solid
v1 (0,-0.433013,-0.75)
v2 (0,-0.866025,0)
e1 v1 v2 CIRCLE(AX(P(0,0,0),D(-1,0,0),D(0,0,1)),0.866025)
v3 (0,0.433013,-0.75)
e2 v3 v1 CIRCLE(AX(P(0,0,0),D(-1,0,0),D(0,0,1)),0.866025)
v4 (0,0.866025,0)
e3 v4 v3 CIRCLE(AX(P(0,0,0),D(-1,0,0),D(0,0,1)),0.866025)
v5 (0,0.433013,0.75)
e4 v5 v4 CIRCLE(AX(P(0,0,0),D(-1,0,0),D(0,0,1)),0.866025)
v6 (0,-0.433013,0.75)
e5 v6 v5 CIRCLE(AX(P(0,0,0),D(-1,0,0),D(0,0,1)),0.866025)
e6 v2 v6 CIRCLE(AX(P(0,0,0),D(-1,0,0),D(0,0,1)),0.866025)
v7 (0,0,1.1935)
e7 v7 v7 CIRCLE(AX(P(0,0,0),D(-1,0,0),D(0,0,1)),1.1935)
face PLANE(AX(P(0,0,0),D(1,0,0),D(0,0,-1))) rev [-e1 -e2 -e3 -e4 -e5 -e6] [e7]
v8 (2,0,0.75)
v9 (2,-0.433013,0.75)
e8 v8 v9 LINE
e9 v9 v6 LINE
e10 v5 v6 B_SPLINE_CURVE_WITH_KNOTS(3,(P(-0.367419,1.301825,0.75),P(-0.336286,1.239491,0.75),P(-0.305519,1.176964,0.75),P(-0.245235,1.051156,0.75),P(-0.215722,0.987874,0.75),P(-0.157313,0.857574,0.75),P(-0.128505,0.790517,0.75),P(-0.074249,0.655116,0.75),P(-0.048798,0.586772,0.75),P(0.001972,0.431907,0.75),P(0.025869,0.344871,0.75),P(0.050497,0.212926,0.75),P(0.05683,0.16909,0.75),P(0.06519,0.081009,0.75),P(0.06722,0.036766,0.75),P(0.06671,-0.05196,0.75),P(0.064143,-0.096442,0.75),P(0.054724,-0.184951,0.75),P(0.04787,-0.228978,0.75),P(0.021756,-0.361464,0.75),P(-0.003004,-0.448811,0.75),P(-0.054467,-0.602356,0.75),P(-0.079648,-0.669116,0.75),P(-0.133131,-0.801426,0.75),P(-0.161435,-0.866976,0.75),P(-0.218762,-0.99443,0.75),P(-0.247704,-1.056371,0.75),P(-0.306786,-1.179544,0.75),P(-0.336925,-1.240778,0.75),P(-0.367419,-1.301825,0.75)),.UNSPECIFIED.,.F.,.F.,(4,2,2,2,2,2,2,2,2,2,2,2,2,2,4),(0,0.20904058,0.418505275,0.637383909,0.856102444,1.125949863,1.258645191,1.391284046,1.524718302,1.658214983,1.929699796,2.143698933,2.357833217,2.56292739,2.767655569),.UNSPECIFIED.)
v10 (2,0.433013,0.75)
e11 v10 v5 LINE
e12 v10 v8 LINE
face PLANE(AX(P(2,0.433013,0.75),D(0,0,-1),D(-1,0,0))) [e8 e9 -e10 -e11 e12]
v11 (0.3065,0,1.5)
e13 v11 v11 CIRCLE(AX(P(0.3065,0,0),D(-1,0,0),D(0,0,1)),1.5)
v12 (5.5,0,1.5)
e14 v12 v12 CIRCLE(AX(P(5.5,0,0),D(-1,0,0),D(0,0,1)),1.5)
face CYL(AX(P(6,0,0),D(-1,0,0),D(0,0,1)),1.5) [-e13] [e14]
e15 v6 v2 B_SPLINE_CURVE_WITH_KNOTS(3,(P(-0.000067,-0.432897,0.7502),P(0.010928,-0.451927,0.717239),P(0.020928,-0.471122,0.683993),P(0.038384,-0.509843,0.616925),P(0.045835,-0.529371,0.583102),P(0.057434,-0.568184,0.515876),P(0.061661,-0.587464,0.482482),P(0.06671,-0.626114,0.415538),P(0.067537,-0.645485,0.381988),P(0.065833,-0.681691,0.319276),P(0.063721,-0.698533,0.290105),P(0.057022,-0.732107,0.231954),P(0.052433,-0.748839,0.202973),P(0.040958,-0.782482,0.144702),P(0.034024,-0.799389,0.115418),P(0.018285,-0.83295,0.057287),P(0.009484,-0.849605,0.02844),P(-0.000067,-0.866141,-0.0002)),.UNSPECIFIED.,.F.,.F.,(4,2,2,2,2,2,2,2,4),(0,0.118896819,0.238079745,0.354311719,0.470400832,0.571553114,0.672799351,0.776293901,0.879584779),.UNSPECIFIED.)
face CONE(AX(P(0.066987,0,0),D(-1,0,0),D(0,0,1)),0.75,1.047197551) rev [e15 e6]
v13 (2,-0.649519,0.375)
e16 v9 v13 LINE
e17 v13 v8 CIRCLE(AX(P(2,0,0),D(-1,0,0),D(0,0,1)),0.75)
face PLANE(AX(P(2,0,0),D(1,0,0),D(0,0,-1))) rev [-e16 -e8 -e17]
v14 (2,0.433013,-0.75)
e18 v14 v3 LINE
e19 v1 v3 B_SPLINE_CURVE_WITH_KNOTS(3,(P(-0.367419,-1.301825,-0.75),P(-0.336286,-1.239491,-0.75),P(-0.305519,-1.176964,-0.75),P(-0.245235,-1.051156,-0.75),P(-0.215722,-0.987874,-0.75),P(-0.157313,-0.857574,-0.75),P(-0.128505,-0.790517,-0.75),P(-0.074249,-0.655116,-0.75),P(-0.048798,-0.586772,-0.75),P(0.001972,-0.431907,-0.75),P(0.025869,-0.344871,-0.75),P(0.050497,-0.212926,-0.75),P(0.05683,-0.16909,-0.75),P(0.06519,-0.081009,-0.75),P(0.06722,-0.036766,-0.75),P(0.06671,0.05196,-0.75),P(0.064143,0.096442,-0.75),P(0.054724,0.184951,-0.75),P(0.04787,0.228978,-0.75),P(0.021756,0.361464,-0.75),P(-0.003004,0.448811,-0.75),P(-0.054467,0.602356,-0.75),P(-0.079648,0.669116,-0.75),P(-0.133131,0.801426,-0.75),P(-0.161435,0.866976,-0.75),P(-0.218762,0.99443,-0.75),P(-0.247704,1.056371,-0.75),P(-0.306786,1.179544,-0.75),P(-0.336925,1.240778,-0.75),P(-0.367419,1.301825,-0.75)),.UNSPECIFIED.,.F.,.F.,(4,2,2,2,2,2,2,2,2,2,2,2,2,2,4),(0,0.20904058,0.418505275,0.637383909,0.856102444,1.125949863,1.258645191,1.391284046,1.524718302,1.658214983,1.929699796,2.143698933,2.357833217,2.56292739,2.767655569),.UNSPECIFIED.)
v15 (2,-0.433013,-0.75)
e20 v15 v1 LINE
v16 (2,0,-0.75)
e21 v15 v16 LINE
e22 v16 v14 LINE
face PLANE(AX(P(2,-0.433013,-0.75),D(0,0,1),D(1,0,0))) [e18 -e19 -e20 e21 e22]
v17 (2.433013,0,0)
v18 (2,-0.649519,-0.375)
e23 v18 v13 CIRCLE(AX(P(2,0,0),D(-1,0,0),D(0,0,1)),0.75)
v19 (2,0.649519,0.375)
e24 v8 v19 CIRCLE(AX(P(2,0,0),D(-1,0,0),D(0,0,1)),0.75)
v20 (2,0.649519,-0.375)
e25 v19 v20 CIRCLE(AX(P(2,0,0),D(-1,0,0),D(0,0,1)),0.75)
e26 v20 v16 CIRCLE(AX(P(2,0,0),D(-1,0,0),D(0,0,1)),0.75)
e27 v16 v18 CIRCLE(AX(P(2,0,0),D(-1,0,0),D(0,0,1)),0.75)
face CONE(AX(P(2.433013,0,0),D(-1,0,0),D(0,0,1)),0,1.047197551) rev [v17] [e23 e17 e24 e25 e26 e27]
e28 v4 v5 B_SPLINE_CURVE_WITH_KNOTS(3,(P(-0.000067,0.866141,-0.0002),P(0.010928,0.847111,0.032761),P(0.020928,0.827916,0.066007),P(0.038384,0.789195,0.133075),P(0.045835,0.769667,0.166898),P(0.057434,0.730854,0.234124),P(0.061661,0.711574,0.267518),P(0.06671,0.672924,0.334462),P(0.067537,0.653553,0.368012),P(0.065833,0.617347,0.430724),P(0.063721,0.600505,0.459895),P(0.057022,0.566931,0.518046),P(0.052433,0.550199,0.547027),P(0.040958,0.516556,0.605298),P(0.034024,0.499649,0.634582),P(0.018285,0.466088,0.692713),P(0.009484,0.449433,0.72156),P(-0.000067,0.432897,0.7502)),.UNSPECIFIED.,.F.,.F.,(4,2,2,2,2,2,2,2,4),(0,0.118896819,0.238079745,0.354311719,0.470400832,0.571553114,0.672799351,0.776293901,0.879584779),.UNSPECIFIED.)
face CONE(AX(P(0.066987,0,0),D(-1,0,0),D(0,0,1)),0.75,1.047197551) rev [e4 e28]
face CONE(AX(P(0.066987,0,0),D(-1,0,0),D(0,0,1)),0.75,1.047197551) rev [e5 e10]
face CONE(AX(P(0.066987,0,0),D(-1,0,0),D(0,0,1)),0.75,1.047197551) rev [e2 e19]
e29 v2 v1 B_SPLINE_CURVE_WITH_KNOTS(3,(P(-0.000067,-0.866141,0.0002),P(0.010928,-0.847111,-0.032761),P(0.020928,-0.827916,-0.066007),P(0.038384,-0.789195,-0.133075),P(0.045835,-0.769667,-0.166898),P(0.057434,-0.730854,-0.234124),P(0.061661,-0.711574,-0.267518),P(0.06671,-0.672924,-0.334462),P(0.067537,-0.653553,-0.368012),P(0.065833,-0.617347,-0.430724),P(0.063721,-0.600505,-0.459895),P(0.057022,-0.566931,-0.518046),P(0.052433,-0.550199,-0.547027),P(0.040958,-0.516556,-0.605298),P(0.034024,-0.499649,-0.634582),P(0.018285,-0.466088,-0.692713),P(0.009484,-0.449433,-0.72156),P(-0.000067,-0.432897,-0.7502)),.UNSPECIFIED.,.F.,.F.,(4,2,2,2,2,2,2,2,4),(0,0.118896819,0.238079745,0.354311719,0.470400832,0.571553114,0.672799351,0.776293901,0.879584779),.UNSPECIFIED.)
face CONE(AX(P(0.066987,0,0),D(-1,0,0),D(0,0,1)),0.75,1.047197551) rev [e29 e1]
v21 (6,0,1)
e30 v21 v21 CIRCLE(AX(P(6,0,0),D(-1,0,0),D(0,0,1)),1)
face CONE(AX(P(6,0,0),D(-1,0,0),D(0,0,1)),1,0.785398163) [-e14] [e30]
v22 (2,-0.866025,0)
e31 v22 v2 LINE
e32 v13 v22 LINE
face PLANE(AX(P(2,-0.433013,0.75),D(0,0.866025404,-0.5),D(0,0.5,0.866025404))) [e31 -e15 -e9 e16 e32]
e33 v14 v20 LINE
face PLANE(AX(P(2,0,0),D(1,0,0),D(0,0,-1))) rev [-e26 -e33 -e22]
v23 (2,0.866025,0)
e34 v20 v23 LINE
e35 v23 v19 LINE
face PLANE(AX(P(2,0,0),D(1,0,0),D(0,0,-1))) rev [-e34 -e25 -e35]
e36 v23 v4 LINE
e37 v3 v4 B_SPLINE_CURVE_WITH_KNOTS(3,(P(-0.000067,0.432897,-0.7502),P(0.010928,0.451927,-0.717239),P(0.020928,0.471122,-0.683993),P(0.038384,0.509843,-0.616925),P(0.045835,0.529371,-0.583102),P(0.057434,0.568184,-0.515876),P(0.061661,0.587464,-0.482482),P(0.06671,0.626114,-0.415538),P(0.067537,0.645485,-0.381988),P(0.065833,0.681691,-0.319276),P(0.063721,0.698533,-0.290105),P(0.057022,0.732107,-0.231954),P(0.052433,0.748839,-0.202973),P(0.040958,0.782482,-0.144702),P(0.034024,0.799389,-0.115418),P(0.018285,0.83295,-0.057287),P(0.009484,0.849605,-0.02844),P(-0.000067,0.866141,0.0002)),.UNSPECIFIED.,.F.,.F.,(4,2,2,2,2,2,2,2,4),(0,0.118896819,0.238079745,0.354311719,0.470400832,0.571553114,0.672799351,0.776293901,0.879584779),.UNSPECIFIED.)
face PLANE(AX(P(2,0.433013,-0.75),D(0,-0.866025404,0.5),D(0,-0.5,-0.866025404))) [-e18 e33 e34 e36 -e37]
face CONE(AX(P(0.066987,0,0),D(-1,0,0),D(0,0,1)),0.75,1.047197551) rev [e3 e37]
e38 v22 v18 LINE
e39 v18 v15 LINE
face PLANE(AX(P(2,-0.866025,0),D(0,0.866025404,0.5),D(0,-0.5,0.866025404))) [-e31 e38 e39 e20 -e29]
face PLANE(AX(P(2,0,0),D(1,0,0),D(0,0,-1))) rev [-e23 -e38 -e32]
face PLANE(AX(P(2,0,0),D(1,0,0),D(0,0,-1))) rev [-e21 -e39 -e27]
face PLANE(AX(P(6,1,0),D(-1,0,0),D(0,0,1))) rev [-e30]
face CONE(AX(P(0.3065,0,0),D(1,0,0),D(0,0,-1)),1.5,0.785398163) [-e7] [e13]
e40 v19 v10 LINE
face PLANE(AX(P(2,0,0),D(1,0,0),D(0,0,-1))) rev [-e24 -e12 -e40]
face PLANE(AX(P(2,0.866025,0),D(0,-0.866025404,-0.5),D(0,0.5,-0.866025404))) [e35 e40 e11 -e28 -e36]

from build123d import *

# Parameters (mm, degrees)
SKETCH3_W          = 2
SKETCH3_H          = 0.75
CUT_EXTRUDE1_DEPTH = 2


with BuildPart() as part:
    # Sketch2 → Revolve1 (revolve)
    with BuildSketch(Plane.XY):
        Polygon((0, 0), (0, 1.1935), (0.3065, 1.5), (5.5, 1.5), (6, 1), (6, 0), align=None)
    revolve(axis=Axis((6, 0, 0), (-1, 0, 0)))

    # Sketch3 → Cut-Revolve1 (revolve, cut)
    with BuildSketch(Plane.XY):
        with Locations((1, 0.375)):
            Rectangle(SKETCH3_W, SKETCH3_H)
    revolve(axis=Axis((2, 0, 0), (-1, 0, 0)), mode=Mode.SUBTRACT)

    # Sketch4 → Cut-Revolve2 (revolve, cut)
    with BuildSketch(Plane.XY):
        Polygon((2, 0), (2, 0.75), (2.433012702, 0), align=None)
    revolve(axis=Axis((2.433012702, 0, 0), (-1, 0, 0)), mode=Mode.SUBTRACT)

    # Sketch5 → Cut-Revolve3 (revolve, cut)
    with BuildSketch(Plane.XY):
        Polygon((-0.3, 0.75), (0.066987298, 0.75), (0, 0.866025404), (-0.3, 0.866025404), align=None)
    revolve(axis=Axis((0, 0, 0), (-1, 0, 0)), mode=Mode.SUBTRACT)

    # Sketch1 → Cut-Extrude1 (cut)
    with BuildSketch(Plane(origin=(0, 0, 0), x_dir=(0, 0, -1), z_dir=(1, 0, 0))):
        Polygon((-0.75, -0.433012702), (0, -0.866025404), (0.75, -0.433012702), (0.75, 0.433012702), (0, 0.866025404), (-0.75, 0.433012702), align=None)
    extrude(amount=CUT_EXTRUDE1_DEPTH, mode=Mode.SUBTRACT)


solid = part.part
